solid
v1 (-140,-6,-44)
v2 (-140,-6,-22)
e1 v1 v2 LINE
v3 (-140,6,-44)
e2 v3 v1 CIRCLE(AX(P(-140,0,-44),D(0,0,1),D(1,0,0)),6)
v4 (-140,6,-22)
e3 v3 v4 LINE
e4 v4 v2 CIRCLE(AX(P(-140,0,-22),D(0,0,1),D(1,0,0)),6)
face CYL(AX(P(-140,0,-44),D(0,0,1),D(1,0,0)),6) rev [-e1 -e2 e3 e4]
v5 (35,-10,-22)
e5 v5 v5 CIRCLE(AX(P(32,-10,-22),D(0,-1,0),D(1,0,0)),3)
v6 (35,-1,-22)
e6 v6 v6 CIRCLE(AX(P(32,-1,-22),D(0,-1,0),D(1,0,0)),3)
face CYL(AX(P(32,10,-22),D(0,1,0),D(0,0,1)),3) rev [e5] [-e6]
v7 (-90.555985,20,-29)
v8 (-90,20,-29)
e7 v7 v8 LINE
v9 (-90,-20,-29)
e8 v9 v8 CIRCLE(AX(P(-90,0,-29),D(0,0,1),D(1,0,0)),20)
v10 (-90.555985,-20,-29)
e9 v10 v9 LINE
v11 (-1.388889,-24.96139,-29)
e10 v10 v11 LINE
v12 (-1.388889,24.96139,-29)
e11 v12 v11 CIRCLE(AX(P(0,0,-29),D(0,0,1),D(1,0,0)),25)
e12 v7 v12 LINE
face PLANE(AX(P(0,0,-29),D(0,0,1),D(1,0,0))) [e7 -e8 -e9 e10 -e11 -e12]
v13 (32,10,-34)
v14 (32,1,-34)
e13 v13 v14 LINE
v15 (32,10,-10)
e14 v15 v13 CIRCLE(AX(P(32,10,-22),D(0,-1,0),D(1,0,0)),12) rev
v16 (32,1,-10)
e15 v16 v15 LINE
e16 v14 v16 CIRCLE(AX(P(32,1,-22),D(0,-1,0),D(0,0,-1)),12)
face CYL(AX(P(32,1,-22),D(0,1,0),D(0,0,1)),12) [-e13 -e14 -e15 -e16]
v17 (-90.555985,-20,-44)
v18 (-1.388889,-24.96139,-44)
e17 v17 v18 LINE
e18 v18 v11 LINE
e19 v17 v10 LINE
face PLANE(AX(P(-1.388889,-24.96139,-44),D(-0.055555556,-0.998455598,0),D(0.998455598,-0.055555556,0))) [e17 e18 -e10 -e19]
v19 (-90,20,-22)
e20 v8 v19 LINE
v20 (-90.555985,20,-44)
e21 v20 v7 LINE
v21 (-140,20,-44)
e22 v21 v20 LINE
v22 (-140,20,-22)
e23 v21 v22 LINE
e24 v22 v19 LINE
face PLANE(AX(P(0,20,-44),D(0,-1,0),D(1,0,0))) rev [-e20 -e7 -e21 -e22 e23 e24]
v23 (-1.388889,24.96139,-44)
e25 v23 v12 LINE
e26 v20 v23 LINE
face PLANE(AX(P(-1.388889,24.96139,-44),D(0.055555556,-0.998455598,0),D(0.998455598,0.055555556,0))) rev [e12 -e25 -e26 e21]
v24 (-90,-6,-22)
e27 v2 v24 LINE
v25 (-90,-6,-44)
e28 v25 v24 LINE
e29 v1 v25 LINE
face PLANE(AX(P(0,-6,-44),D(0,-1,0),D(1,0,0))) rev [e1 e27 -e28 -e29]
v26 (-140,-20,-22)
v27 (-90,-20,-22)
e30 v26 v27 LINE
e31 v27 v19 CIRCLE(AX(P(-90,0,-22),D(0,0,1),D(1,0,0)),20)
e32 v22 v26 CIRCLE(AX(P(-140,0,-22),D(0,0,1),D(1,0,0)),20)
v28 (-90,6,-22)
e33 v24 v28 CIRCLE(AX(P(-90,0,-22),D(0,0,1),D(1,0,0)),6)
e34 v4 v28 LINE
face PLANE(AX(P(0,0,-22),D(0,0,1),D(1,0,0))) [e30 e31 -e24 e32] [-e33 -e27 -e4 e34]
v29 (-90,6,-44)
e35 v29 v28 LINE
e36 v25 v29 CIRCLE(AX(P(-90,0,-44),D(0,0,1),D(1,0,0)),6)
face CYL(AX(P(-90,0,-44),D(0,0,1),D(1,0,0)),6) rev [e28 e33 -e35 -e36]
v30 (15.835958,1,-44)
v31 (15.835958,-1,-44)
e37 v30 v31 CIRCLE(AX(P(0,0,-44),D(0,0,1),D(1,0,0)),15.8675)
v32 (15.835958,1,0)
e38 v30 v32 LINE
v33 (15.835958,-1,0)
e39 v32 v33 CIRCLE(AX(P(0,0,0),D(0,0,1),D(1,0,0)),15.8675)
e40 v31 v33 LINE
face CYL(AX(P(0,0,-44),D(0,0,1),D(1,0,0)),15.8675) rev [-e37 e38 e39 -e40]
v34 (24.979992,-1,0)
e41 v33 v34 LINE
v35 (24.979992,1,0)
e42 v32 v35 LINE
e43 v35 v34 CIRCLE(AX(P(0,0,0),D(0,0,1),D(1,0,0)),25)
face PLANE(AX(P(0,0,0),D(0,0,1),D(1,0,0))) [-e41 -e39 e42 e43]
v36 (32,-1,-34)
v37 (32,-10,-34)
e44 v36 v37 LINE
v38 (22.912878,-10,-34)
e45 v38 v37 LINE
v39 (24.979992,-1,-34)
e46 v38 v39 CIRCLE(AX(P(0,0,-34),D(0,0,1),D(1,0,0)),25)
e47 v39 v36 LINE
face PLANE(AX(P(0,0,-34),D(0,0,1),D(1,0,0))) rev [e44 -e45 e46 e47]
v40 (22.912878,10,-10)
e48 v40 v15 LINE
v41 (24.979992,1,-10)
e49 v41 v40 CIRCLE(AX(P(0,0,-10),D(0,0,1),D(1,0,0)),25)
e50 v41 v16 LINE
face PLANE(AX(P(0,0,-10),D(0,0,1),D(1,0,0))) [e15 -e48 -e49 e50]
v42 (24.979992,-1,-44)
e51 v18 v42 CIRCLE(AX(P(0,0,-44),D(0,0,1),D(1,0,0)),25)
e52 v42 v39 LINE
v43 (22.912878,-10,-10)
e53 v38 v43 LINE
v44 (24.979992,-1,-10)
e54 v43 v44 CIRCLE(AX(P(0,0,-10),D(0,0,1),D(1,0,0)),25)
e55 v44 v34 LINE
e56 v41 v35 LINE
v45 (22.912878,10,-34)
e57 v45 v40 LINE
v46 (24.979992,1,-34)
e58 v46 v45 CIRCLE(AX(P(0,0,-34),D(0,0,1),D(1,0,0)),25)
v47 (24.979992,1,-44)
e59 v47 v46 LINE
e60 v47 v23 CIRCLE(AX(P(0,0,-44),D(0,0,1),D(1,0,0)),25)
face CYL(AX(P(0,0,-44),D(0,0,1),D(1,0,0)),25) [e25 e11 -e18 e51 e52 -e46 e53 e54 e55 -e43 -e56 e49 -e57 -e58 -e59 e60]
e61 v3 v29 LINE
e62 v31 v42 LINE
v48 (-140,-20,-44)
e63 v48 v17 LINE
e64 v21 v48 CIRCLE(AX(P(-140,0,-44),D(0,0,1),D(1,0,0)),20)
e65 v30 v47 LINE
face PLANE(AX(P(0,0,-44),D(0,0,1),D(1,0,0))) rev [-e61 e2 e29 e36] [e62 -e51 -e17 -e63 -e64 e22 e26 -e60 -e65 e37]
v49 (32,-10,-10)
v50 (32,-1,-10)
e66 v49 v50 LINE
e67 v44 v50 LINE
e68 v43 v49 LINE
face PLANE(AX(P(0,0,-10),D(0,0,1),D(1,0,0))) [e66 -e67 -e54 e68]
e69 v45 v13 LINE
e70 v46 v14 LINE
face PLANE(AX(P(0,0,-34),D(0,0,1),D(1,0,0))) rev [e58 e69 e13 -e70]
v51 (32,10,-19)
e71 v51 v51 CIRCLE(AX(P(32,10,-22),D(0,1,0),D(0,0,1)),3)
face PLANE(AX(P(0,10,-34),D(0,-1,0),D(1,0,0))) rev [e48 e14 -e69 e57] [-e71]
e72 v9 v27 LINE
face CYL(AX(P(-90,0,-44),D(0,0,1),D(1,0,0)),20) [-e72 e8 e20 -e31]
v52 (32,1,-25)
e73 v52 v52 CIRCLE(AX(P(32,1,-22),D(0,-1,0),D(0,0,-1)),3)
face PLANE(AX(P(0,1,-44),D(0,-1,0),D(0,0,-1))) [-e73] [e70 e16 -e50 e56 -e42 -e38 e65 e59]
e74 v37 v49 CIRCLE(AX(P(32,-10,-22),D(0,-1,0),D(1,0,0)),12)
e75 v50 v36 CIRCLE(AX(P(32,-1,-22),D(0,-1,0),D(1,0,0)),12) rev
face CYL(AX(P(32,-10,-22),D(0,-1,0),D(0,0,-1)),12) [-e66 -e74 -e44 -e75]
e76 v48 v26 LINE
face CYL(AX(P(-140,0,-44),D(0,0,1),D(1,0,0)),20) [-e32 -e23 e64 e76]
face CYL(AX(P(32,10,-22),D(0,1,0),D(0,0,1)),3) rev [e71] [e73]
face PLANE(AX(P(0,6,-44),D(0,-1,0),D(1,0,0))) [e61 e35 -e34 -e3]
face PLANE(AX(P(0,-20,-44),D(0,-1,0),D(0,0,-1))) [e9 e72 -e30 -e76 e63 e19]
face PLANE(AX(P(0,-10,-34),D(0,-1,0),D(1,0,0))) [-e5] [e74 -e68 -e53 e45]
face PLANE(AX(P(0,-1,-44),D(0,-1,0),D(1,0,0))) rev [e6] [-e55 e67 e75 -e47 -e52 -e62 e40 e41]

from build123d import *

# Parameters (mm, degrees)
BOSS_EXTRUDE1_DEPTH   = 44
BOSS_EXTRUDE2_START   = -10
BOSS_EXTRUDE2_DEPTH   = 24
BOSS_EXTRUDE3_START   = -22
BOSS_EXTRUDE3_DEPTH   = 22
BOSS_EXTRUDE4_START   = -29
BOSS_EXTRUDE4_DEPTH   = 15
FILLET1_RADIUS        = 12
FILLET1_LENGTH        = 9
FILLET2_RADIUS        = 12
FILLET2_LENGTH        = 9
F_6_0MM_DOWEL_HOLE1_D = 6


with BuildPart() as part:
    # Sketch1 → Boss-Extrude1 (new body)
    with BuildSketch(Plane.XY):
        with BuildLine():
            Line((15.835957699, 1), (24.979991994, 1))
            ThreePointArc((24.979991994, 1), (-25, 0), (24.979991994, -1))
            Line((24.979991994, -1), (15.835957699, -1))
            ThreePointArc((15.835957699, -1), (-15.8675, 0), (15.835957699, 1))
        make_face()
    extrude(amount=-BOSS_EXTRUDE1_DEPTH)

    # Sketch1<3> → Boss-Extrude2 (add)
    with BuildSketch(Plane.XY.offset(BOSS_EXTRUDE2_START)):
        with BuildLine():
            Line((44, 10), (22.912878475, 10))
            ThreePointArc((22.912878475, 10), (24.365585575, 5.596270148), (24.979991994, 1))
            Line((24.979991994, 1), (44, 1))
            Line((44, 1), (44, 10))
        make_face()
        with BuildLine():
            ThreePointArc((24.979991994, -1), (24.365585575, -5.596270148), (22.912878475, -10))
            Line((22.912878475, -10), (44, -10))
            Line((44, -10), (44, -1))
            Line((44, -1), (24.979991994, -1))
        make_face()
    extrude(amount=-BOSS_EXTRUDE2_DEPTH)



with BuildPart() as body_2:
    # Sketch1<4> → Boss-Extrude3 (new body)
    with BuildSketch(Plane.XY.offset(BOSS_EXTRUDE3_START)):
        with BuildLine():
            Line((-140, 20), (-90, 20))
            ThreePointArc((-90, 20), (-70, 0), (-90, -20))
            Line((-90, -20), (-140, -20))
            ThreePointArc((-140, -20), (-160, 0), (-140, 20))
        make_face()
        with BuildLine():
            Line((-140, 6), (-90, 6))
            ThreePointArc((-90, 6), (-84, 0), (-90, -6))
            Line((-90, -6), (-140, -6))
            ThreePointArc((-140, -6), (-146, 0), (-140, 6))
        make_face(mode=Mode.SUBTRACT)
    extrude(amount=-BOSS_EXTRUDE3_DEPTH)


with BuildPart() as part_1:
    add(part.part)

    add(body_2.part)  # Boss-Extrude4 merges body 2
    # Sketch1<5> → Boss-Extrude4 (add)
    with BuildSketch(Plane.XY.offset(BOSS_EXTRUDE4_START)):
        with BuildLine():
            Line((-1.388888889, 24.961389938), (-90.555984888, 20))
            Line((-90.555984888, 20), (-90, 20))
            ThreePointArc((-90, 20), (-70, 0), (-90, -20))
            Line((-90, -20), (-90.555984888, -20))
            Line((-90.555984888, -20), (-1.388888889, -24.961389938))
            ThreePointArc((-1.388888889, -24.961389938), (-25, 0), (-1.388888889, 24.961389938))
        make_face()
    extrude(amount=-BOSS_EXTRUDE4_DEPTH)

    # Fillet1: full round fillet: the end face becomes a half cylinder, R = half its width
    fillet1_face = Plane((44, 5.5, -22), x_dir=(0, 1, 0), z_dir=(1, 0, 0))  # on the end face: x along it, z out of the body
    fillet1_slab = fillet1_face.offset(-FILLET1_RADIUS / 2) * Box(FILLET1_LENGTH, 2 * FILLET1_RADIUS, FILLET1_RADIUS, mode=Mode.PRIVATE)  # the body's end, R deep
    fillet1_round = Plane((32, 5.5, -22), x_dir=(1, 0, 0), z_dir=(0, 1, 0)) * Cylinder(FILLET1_RADIUS, FILLET1_LENGTH, mode=Mode.PRIVATE)  # its axis R under the face
    add(fillet1_slab - fillet1_round, mode=Mode.SUBTRACT)

    # Fillet2: full round fillet: the end face becomes a half cylinder, R = half its width
    fillet2_face = Plane((44, -5.5, -22), x_dir=(0, -1, 0), z_dir=(1, 0, 0))  # on the end face: x along it, z out of the body
    fillet2_slab = fillet2_face.offset(-FILLET2_RADIUS / 2) * Box(FILLET2_LENGTH, 2 * FILLET2_RADIUS, FILLET2_RADIUS, mode=Mode.PRIVATE)  # the body's end, R deep
    fillet2_round = Plane((32, -5.5, -22), x_dir=(1, 0, 0), z_dir=(0, -1, 0)) * Cylinder(FILLET2_RADIUS, FILLET2_LENGTH, mode=Mode.PRIVATE)  # its axis R under the face
    add(fillet2_slab - fillet2_round, mode=Mode.SUBTRACT)

    # Ø6.0mm Dowel Hole1 (through all)
    with Locations(Plane(origin=(32, 10, -22), x_dir=(1, 0, 0), z_dir=(0, 1, 0))):
        with Locations((0, 0)):
            Hole(F_6_0MM_DOWEL_HOLE1_D / 2)


solid = part_1.part
